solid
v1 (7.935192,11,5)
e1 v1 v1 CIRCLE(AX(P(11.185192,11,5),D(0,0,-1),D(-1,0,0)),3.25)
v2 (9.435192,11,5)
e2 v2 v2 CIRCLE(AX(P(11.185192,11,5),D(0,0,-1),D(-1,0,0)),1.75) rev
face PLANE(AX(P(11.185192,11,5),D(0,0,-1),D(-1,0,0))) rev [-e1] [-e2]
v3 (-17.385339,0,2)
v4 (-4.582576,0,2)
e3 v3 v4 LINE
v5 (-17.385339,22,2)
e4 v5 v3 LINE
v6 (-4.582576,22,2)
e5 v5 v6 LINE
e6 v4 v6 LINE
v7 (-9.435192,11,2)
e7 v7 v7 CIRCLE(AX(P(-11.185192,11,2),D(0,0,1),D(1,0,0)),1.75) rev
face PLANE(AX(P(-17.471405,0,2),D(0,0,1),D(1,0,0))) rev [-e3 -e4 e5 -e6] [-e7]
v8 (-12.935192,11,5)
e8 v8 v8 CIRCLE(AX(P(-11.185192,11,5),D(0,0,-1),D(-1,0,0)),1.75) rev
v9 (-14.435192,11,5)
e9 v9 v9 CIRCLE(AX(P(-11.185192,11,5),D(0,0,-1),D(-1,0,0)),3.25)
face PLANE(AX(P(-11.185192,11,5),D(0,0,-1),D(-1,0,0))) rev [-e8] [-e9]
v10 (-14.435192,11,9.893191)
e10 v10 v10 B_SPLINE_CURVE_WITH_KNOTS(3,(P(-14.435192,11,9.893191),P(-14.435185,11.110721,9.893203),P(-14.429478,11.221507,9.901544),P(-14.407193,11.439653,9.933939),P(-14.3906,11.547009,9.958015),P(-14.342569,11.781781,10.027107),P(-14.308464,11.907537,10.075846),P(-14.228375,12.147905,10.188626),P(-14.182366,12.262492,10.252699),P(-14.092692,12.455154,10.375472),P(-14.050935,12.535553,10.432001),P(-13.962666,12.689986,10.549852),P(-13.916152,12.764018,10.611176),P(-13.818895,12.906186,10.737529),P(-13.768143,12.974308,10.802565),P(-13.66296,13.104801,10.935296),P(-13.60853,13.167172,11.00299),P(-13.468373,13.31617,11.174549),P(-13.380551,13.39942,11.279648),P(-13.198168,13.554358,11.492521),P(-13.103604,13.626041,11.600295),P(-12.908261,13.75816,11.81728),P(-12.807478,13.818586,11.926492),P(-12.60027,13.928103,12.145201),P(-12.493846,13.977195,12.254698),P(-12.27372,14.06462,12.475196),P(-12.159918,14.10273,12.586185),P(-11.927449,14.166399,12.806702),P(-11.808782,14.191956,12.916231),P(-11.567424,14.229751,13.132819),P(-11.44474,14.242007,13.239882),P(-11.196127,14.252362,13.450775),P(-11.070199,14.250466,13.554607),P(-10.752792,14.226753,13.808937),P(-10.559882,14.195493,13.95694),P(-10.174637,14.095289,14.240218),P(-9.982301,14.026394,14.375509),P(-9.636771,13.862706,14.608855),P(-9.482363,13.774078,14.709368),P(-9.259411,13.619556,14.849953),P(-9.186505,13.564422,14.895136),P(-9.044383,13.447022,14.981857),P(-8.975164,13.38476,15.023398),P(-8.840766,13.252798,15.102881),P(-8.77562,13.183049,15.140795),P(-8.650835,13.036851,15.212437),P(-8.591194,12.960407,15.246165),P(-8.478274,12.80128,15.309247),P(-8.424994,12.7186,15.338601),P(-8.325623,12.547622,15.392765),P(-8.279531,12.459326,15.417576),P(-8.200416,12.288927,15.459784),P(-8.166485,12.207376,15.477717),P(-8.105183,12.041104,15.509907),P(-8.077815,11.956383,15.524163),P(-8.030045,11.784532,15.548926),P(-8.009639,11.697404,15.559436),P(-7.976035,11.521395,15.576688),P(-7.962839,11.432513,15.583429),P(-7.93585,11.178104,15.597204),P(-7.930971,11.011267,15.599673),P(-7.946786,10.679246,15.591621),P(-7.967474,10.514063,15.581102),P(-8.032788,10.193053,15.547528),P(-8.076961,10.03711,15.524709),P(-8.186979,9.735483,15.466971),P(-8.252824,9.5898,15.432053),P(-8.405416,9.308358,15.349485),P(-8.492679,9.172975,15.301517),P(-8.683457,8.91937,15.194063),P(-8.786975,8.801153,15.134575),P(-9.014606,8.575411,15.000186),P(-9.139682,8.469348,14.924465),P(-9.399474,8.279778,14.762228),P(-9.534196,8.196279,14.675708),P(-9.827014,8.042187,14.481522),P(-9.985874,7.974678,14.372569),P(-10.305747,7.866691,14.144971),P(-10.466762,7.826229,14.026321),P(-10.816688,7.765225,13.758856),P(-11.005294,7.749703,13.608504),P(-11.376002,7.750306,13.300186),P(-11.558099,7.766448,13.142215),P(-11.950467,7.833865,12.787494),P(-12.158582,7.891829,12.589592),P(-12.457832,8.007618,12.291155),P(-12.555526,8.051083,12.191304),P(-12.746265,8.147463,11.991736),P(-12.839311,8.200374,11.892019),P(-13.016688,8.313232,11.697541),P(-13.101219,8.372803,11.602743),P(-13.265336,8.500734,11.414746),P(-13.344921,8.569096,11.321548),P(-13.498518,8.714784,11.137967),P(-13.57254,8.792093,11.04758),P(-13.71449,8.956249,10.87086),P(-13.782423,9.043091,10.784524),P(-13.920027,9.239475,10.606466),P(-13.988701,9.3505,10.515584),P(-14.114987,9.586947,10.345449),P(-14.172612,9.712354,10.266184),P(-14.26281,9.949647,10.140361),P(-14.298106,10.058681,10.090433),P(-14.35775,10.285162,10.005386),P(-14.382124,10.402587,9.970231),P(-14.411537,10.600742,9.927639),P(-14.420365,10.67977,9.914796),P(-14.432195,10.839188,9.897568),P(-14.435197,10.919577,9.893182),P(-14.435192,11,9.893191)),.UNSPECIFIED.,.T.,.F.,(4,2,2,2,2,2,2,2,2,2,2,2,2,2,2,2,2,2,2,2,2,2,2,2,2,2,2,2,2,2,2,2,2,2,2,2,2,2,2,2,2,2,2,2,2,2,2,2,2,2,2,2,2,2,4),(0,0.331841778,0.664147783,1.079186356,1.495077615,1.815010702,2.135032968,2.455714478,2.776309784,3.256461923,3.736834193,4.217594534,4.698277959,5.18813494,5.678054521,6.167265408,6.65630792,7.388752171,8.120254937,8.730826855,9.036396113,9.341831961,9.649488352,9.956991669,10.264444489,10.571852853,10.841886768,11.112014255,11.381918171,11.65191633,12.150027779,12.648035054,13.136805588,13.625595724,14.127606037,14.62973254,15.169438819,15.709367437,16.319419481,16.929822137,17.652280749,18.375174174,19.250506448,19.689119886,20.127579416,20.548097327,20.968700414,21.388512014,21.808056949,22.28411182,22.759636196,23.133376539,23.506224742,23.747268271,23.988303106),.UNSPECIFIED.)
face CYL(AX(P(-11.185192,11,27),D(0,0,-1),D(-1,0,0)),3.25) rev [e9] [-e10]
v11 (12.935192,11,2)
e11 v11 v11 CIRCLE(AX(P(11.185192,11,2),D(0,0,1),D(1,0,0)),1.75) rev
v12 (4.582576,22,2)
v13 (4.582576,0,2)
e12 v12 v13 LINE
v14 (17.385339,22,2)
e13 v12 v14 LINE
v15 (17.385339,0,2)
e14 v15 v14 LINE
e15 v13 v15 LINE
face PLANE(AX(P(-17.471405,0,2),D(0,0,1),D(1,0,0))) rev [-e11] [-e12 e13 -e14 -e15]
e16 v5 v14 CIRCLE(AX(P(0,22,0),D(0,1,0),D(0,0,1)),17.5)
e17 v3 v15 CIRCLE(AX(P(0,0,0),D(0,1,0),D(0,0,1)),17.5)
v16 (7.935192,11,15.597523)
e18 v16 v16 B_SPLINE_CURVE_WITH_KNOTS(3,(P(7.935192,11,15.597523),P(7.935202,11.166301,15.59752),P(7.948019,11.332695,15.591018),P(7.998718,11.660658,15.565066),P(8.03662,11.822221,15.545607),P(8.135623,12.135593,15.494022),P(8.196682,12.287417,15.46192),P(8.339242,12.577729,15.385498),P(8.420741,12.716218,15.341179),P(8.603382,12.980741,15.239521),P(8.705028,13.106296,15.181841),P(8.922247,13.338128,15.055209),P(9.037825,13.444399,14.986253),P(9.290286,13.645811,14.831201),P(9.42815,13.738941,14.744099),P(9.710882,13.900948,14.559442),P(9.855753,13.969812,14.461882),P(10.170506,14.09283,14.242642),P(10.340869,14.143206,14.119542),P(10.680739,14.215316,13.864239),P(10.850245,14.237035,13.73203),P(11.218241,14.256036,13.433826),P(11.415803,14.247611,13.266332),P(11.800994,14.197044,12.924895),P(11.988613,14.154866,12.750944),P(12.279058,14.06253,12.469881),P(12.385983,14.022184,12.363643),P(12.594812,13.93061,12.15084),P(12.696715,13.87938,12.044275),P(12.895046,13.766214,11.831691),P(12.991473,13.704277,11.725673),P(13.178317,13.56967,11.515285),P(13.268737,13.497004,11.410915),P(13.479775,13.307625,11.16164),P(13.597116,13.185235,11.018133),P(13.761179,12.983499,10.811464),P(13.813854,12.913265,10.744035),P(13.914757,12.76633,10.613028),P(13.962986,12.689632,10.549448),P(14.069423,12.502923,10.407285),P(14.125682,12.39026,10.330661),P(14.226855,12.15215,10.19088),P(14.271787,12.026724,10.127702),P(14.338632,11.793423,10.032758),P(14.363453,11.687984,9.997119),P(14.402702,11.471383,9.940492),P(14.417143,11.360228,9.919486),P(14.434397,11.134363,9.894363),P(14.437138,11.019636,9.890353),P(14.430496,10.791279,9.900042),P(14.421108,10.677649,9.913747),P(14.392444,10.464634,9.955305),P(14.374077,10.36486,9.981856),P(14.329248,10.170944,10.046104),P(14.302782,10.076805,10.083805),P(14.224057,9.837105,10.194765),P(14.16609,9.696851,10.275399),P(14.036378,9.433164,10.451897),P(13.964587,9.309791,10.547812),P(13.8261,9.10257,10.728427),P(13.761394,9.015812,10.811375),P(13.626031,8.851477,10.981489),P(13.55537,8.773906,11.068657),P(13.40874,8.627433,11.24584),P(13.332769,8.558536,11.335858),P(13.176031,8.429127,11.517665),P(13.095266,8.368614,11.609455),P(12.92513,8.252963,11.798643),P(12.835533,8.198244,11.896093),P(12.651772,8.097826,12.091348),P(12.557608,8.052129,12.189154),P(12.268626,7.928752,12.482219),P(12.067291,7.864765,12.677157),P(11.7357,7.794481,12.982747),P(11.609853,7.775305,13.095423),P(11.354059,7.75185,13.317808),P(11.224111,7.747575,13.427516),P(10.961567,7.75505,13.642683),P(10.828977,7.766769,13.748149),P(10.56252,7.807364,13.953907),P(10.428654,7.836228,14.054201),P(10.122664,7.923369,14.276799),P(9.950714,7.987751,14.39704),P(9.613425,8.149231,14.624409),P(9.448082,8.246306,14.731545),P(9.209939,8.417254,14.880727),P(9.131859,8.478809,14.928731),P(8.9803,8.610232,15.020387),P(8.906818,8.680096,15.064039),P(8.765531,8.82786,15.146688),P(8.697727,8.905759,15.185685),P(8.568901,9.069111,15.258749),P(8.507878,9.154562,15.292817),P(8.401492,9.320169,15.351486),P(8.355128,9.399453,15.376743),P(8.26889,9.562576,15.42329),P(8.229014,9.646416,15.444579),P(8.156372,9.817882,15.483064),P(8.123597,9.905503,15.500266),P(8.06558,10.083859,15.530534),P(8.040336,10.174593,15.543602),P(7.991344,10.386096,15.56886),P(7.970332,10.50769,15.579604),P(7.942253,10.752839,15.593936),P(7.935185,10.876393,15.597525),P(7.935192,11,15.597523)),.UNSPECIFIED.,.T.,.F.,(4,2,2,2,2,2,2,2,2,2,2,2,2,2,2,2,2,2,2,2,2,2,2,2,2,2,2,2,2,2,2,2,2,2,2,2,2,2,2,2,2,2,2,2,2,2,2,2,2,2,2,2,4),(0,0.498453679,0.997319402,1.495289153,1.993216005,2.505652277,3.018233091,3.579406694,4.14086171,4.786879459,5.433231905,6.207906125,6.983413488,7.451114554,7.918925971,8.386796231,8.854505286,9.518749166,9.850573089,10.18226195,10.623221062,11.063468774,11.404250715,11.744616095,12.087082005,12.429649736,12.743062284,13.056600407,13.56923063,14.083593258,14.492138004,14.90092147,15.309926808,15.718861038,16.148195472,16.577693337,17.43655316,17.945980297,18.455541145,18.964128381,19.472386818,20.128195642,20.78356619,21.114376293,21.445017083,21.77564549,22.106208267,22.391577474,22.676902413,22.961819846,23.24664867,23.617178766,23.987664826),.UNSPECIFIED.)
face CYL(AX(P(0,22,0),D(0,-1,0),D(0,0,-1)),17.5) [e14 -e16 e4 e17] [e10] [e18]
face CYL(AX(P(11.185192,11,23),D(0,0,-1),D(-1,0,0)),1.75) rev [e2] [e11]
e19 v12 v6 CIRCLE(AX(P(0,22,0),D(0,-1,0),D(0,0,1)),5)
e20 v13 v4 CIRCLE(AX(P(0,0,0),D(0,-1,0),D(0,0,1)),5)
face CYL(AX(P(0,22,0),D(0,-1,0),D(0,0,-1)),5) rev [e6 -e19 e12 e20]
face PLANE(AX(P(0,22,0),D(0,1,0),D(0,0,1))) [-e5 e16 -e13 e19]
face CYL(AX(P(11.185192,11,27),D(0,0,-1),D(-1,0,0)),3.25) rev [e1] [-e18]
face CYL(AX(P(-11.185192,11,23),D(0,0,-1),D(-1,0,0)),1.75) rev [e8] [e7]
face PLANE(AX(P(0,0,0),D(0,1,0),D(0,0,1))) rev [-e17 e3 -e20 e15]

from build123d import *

# Parameters (mm, degrees)
BOSS_EXTRUDE1_DEPTH = 22
SKETCH3_R           = 1.75
CUT_EXTRUDE1_DEPTH  = 22
SKETCH4_R           = 3.25
CUT_EXTRUDE2_DEPTH  = 22
SKETCH5_W           = 35.231138993
SKETCH5_H           = 1
CUT_EXTRUDE3_DEPTH  = 22


with BuildPart() as part:
    # Sketch2 → Boss-Extrude1 (new body)
    with BuildSketch(Plane(origin=(0, 0, 0), x_dir=(1, 0, 0), z_dir=(0, 1, 0))):
        with BuildLine():
            Line((4.898979486, -1), (17.47140521, -1))
            ThreePointArc((17.47140521, -1), (0, -17.5), (-17.47140521, -1))
            Line((-17.47140521, -1), (-4.898979486, -1))
            ThreePointArc((-4.898979486, -1), (0, -5), (4.898979486, -1))
        make_face()
    extrude(amount=BOSS_EXTRUDE1_DEPTH)

    # Sketch3 → Cut-Extrude1 (cut)
    with BuildSketch(Plane(origin=(0, 0, 1), x_dir=(-1, 0, 0), z_dir=(0, 0, -1))):
        with Locations((11.185192348, 11)):
            Circle(SKETCH3_R)
        with Locations((-11.185192348, 11)):
            Circle(SKETCH3_R)
    extrude(amount=-CUT_EXTRUDE1_DEPTH, mode=Mode.SUBTRACT)

    # Sketch4 → Cut-Extrude2 (cut)
    with BuildSketch(Plane(origin=(0, 0, 5), x_dir=(-1, 0, 0), z_dir=(0, 0, -1))):
        with Locations((-11.185192348, 11)):
            Circle(SKETCH4_R)
        with Locations((11.185192348, 11)):
            Circle(SKETCH4_R)
    extrude(amount=-CUT_EXTRUDE2_DEPTH, mode=Mode.SUBTRACT)

    # Sketch5 → Cut-Extrude3 (cut)
    with BuildSketch(Plane(origin=(0, 22, 0), x_dir=(1, 0, 0), z_dir=(0, 1, 0))):
        with Locations((0.144164287, -1.5)):
            Rectangle(SKETCH5_W, SKETCH5_H)
    extrude(amount=-CUT_EXTRUDE3_DEPTH, mode=Mode.SUBTRACT)


solid = part.part
